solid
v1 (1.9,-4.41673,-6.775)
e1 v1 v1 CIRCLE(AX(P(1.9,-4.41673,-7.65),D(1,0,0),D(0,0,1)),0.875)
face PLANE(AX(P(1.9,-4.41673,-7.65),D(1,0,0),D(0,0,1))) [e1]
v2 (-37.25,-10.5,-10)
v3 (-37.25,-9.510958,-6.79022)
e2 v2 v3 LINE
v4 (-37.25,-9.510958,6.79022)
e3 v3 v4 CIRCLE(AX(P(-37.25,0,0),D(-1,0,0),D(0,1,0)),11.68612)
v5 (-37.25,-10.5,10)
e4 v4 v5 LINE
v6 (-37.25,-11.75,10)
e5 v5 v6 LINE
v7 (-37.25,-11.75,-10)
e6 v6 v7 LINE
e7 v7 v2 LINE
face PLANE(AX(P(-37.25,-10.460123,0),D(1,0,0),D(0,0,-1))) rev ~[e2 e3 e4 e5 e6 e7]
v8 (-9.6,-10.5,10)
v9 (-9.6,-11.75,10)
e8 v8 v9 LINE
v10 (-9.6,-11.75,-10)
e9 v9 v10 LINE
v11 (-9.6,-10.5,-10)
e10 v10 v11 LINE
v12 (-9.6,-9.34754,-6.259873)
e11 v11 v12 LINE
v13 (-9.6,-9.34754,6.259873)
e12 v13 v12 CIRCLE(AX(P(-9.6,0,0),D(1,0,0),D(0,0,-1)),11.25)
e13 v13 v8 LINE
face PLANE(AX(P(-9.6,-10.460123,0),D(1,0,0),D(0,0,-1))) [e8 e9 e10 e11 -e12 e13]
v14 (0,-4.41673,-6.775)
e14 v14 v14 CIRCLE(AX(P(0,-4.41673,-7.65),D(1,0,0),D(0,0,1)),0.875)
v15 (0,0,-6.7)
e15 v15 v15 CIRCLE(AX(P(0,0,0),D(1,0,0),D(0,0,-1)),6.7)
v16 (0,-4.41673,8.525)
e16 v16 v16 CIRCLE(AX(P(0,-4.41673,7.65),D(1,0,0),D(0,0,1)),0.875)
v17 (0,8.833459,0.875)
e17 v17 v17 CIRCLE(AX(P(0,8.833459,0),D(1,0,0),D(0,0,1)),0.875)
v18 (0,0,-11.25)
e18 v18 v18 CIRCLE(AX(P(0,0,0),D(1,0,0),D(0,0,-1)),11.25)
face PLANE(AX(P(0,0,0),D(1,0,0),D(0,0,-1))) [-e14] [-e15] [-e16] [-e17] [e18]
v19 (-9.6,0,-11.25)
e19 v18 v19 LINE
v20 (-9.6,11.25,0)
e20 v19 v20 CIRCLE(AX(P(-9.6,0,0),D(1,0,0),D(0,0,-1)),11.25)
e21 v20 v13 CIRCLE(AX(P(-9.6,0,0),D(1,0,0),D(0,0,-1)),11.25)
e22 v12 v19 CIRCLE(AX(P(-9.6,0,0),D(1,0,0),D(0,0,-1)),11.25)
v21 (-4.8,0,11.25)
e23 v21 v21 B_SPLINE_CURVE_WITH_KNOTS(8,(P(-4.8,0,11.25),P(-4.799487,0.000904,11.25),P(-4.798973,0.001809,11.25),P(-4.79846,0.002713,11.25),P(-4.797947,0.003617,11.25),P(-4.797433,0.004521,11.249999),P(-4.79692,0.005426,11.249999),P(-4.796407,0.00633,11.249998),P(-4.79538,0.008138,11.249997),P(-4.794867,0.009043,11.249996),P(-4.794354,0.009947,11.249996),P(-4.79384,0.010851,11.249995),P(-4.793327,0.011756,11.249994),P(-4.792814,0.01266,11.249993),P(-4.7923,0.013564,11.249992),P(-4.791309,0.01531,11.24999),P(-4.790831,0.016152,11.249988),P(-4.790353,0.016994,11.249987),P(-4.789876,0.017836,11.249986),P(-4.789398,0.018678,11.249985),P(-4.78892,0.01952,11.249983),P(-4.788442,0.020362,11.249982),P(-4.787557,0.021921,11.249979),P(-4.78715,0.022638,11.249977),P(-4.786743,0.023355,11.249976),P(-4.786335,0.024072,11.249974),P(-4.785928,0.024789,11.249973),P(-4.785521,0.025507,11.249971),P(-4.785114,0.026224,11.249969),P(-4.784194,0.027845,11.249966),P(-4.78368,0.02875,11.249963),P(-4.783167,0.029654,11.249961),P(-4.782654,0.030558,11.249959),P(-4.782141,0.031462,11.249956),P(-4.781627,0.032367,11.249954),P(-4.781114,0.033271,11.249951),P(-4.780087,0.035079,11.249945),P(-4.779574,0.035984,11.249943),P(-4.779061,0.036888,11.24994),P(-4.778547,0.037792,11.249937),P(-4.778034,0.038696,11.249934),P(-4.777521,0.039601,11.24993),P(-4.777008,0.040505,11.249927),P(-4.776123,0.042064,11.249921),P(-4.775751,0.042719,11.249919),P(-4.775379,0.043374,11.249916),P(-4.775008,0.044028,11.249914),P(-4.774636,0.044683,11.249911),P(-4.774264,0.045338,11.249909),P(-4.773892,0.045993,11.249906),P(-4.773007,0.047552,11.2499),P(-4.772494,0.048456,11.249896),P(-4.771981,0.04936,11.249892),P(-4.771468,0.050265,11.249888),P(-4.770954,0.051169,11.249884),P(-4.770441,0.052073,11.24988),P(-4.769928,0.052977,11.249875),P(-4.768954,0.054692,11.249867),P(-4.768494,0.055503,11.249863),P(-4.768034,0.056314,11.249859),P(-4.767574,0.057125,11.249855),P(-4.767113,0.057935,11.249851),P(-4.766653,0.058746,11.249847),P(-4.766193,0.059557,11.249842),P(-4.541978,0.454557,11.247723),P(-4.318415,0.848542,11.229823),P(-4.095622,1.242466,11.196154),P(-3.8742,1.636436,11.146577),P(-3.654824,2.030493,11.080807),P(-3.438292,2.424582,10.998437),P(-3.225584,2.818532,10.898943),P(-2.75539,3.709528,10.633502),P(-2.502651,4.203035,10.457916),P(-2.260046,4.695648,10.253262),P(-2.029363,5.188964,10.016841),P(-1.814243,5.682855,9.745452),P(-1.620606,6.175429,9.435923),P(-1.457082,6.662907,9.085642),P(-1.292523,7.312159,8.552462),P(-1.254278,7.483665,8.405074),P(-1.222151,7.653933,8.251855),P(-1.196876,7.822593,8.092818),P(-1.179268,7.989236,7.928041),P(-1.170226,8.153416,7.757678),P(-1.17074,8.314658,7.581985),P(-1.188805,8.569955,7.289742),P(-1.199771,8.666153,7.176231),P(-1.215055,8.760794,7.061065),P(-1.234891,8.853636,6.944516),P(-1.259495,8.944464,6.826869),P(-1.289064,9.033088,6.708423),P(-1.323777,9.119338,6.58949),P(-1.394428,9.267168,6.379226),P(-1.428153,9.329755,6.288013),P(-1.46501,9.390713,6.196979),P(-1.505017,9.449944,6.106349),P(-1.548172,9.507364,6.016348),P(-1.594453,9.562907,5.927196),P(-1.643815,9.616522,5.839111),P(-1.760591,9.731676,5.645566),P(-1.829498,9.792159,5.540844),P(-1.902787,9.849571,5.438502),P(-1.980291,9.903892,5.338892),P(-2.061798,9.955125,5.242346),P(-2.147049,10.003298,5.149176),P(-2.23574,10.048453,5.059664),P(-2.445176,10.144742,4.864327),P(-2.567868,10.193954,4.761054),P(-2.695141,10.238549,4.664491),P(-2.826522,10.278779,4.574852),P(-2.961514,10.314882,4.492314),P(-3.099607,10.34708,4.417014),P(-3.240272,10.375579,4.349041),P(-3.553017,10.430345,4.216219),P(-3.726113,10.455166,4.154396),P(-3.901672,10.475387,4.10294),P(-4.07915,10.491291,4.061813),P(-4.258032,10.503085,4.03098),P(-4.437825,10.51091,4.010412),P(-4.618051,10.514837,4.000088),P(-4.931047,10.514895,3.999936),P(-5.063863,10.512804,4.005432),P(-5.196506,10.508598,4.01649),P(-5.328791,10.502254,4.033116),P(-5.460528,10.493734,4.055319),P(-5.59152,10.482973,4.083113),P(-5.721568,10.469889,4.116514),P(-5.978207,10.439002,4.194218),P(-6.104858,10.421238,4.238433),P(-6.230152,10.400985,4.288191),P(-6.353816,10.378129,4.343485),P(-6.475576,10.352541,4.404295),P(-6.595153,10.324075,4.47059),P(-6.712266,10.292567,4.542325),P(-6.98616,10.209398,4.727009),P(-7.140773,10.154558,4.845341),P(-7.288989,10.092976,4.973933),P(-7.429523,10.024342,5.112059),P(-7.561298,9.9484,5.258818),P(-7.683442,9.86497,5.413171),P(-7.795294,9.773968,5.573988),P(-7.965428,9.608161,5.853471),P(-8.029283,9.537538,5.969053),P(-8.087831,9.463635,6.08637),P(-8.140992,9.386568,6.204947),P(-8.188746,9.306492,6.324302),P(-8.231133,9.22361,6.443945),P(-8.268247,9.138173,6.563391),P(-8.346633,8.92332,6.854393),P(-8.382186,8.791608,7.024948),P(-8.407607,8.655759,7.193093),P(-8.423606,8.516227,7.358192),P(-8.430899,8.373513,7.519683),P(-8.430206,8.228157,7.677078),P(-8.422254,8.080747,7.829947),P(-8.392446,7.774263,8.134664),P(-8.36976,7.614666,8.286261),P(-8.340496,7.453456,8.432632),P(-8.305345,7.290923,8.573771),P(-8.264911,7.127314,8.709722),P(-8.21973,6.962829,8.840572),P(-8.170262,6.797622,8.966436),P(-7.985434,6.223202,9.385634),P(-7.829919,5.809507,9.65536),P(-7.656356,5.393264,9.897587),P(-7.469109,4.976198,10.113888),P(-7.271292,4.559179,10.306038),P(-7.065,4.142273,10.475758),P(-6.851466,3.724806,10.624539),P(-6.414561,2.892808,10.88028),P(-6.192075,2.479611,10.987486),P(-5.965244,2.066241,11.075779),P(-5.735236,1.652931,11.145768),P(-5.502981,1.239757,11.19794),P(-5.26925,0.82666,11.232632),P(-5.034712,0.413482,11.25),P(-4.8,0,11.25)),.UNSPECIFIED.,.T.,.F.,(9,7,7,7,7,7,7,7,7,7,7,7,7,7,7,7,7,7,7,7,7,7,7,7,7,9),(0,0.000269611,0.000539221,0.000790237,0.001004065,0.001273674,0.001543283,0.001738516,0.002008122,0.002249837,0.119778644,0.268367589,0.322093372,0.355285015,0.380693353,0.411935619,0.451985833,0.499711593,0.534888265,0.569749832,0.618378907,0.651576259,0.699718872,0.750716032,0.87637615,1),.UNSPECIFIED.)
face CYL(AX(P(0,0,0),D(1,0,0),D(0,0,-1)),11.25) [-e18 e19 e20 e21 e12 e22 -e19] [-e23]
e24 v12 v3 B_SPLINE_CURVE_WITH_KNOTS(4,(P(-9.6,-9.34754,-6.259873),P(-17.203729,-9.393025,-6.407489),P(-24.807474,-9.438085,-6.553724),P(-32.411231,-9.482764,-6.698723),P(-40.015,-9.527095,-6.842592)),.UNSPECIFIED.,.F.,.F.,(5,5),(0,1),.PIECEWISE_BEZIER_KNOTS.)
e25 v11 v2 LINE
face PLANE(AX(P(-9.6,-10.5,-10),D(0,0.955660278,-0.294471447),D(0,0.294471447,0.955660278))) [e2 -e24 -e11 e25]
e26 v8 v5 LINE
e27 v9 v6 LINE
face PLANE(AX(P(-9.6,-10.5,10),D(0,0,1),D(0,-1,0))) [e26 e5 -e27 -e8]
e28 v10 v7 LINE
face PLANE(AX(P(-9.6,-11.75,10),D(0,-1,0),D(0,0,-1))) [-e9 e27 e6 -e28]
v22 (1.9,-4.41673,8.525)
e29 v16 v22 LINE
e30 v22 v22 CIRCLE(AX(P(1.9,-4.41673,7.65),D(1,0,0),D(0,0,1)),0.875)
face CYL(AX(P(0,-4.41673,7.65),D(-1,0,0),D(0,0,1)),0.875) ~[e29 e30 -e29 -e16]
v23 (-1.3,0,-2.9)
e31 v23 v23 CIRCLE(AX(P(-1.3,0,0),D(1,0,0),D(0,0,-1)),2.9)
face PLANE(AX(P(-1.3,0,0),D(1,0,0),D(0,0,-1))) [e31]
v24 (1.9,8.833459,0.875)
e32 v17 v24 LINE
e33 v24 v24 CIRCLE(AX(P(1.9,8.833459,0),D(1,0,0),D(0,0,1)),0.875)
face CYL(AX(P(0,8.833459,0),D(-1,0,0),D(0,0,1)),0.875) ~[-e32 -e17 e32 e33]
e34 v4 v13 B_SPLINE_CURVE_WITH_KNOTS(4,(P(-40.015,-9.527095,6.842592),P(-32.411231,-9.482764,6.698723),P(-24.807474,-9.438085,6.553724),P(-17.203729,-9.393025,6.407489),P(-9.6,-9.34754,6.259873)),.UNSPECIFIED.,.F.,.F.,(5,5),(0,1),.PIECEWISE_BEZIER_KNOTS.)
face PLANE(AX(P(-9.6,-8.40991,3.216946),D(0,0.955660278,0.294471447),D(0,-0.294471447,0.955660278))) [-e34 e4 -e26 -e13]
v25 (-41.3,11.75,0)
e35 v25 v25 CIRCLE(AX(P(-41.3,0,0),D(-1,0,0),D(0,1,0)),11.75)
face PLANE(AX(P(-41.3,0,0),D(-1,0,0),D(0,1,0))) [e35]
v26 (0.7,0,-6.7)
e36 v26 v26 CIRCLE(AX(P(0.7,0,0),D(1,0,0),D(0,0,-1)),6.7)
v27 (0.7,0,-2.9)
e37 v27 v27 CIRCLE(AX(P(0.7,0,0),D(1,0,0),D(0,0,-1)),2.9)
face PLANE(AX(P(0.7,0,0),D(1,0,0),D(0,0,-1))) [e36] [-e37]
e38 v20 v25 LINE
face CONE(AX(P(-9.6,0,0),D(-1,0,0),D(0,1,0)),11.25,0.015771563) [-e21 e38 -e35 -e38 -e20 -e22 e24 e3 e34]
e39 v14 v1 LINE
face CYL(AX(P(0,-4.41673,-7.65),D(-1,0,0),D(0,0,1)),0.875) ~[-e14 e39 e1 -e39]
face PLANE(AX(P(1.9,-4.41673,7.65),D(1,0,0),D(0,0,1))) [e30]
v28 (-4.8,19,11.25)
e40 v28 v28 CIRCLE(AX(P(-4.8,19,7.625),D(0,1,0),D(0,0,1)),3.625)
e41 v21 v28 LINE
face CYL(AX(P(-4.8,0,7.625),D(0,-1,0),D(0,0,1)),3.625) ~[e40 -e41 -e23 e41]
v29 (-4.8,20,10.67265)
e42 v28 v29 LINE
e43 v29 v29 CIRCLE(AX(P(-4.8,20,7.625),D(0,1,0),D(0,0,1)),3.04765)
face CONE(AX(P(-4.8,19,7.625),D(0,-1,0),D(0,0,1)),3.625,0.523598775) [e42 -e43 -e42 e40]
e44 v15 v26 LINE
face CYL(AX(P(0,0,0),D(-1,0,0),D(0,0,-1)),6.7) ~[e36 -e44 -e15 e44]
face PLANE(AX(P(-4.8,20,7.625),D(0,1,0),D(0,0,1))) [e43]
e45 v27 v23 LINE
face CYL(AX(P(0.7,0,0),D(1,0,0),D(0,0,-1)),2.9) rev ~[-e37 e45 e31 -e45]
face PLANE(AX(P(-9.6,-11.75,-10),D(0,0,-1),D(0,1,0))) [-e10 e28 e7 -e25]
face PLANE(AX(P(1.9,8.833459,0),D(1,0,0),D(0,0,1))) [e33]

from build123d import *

# Parameters (mm, degrees)
SKETCH1_R           = 11.25
BOSS_EXTRUDE1_DEPTH = 9.6
SKETCH2_R           = 3.625
BOSS_EXTRUDE2_DEPTH = 20
SKETCH3_R           = 6.7
BOSS_EXTRUDE3_DEPTH = 0.7
SKETCH4_R           = 0.875
BOSS_EXTRUDE4_DEPTH = 1.9
SKETCH5_R           = 2.9
CUT_EXTRUDE1_DEPTH  = 2
BOSS_EXTRUDE5_DEPTH = 27.65
CHAMFER1_SIZE2      = 0.577350269
CHAMFER1_SIZE       = 1


with BuildPart() as part:
    # Sketch1 → Boss-Extrude1 (new body)
    with BuildSketch(Plane(origin=(0, 0, 0), x_dir=(0, 0, -1), z_dir=(1, 0, 0))):
        Circle(SKETCH1_R)
    extrude(amount=-BOSS_EXTRUDE1_DEPTH)

    # Sketch2 → Boss-Extrude2 (add)
    with BuildSketch(Plane(origin=(0, 0, 0), x_dir=(1, 0, 0), z_dir=(0, 1, 0))):
        with Locations(Location((-4.8, -7.625, 0), (0, 0, 270))):
            Circle(SKETCH2_R)
    extrude(amount=BOSS_EXTRUDE2_DEPTH)

    # Sketch3 → Boss-Extrude3 (add)
    with BuildSketch(Plane(origin=(0, 0, 0), x_dir=(0, 0, -1), z_dir=(1, 0, 0))):
        Circle(SKETCH3_R)
    extrude(amount=BOSS_EXTRUDE3_DEPTH)

    # Sketch4 → Boss-Extrude4 (add)
    with BuildSketch(Plane(origin=(0, 0, 0), x_dir=(0, 0, -1), z_dir=(1, 0, 0))):
        with Locations(Location((0, 8.833459119, 0), (0, 0, 180))):
            Circle(SKETCH4_R)
        with Locations(Location((7.65, -4.416729559, 0), (0, 0, 180))):
            Circle(SKETCH4_R)
        with Locations(Location((-7.65, -4.416729559, 0), (0, 0, 180))):
            Circle(SKETCH4_R)
    extrude(amount=BOSS_EXTRUDE4_DEPTH)

    # Sketch5 → Cut-Extrude1 (cut)
    with BuildSketch(Plane(origin=(0.7, 0, 0), x_dir=(0, 0, -1), z_dir=(1, 0, 0))):
        Circle(SKETCH5_R)
    extrude(amount=-CUT_EXTRUDE1_DEPTH, mode=Mode.SUBTRACT)

    # Sketch7 → Revolve1 (revolve)
    with BuildSketch(Plane.XY):
        Polygon((-9.6, 0), (-9.6, 11.25), (-41.3, 11.75), (-41.3, 0), align=None)
    revolve(axis=Axis((-9.6, 0, 0), (-1, 0, 0)))

    # Sketch8 → Boss-Extrude5 (add)
    with BuildSketch(Plane(origin=(-9.6, 0, 0), x_dir=(0, 0, -1), z_dir=(1, 0, 0))):
        Polygon((-10, -11.75), (10, -11.75), (10, -10.5), (3.216946356, -8.409910385), (-3.216946356, -8.409910385), (-10, -10.5), align=None)
    extrude(amount=-BOSS_EXTRUDE5_DEPTH)

    # Chamfer1
    chamfer1_edges = [part.edges().sort_by_distance(p)[0] for p in [
        (-4.8, 20, 4),
    ]]
    chamfer(chamfer1_edges, length=CHAMFER1_SIZE, length2=CHAMFER1_SIZE2)


solid = part.part
